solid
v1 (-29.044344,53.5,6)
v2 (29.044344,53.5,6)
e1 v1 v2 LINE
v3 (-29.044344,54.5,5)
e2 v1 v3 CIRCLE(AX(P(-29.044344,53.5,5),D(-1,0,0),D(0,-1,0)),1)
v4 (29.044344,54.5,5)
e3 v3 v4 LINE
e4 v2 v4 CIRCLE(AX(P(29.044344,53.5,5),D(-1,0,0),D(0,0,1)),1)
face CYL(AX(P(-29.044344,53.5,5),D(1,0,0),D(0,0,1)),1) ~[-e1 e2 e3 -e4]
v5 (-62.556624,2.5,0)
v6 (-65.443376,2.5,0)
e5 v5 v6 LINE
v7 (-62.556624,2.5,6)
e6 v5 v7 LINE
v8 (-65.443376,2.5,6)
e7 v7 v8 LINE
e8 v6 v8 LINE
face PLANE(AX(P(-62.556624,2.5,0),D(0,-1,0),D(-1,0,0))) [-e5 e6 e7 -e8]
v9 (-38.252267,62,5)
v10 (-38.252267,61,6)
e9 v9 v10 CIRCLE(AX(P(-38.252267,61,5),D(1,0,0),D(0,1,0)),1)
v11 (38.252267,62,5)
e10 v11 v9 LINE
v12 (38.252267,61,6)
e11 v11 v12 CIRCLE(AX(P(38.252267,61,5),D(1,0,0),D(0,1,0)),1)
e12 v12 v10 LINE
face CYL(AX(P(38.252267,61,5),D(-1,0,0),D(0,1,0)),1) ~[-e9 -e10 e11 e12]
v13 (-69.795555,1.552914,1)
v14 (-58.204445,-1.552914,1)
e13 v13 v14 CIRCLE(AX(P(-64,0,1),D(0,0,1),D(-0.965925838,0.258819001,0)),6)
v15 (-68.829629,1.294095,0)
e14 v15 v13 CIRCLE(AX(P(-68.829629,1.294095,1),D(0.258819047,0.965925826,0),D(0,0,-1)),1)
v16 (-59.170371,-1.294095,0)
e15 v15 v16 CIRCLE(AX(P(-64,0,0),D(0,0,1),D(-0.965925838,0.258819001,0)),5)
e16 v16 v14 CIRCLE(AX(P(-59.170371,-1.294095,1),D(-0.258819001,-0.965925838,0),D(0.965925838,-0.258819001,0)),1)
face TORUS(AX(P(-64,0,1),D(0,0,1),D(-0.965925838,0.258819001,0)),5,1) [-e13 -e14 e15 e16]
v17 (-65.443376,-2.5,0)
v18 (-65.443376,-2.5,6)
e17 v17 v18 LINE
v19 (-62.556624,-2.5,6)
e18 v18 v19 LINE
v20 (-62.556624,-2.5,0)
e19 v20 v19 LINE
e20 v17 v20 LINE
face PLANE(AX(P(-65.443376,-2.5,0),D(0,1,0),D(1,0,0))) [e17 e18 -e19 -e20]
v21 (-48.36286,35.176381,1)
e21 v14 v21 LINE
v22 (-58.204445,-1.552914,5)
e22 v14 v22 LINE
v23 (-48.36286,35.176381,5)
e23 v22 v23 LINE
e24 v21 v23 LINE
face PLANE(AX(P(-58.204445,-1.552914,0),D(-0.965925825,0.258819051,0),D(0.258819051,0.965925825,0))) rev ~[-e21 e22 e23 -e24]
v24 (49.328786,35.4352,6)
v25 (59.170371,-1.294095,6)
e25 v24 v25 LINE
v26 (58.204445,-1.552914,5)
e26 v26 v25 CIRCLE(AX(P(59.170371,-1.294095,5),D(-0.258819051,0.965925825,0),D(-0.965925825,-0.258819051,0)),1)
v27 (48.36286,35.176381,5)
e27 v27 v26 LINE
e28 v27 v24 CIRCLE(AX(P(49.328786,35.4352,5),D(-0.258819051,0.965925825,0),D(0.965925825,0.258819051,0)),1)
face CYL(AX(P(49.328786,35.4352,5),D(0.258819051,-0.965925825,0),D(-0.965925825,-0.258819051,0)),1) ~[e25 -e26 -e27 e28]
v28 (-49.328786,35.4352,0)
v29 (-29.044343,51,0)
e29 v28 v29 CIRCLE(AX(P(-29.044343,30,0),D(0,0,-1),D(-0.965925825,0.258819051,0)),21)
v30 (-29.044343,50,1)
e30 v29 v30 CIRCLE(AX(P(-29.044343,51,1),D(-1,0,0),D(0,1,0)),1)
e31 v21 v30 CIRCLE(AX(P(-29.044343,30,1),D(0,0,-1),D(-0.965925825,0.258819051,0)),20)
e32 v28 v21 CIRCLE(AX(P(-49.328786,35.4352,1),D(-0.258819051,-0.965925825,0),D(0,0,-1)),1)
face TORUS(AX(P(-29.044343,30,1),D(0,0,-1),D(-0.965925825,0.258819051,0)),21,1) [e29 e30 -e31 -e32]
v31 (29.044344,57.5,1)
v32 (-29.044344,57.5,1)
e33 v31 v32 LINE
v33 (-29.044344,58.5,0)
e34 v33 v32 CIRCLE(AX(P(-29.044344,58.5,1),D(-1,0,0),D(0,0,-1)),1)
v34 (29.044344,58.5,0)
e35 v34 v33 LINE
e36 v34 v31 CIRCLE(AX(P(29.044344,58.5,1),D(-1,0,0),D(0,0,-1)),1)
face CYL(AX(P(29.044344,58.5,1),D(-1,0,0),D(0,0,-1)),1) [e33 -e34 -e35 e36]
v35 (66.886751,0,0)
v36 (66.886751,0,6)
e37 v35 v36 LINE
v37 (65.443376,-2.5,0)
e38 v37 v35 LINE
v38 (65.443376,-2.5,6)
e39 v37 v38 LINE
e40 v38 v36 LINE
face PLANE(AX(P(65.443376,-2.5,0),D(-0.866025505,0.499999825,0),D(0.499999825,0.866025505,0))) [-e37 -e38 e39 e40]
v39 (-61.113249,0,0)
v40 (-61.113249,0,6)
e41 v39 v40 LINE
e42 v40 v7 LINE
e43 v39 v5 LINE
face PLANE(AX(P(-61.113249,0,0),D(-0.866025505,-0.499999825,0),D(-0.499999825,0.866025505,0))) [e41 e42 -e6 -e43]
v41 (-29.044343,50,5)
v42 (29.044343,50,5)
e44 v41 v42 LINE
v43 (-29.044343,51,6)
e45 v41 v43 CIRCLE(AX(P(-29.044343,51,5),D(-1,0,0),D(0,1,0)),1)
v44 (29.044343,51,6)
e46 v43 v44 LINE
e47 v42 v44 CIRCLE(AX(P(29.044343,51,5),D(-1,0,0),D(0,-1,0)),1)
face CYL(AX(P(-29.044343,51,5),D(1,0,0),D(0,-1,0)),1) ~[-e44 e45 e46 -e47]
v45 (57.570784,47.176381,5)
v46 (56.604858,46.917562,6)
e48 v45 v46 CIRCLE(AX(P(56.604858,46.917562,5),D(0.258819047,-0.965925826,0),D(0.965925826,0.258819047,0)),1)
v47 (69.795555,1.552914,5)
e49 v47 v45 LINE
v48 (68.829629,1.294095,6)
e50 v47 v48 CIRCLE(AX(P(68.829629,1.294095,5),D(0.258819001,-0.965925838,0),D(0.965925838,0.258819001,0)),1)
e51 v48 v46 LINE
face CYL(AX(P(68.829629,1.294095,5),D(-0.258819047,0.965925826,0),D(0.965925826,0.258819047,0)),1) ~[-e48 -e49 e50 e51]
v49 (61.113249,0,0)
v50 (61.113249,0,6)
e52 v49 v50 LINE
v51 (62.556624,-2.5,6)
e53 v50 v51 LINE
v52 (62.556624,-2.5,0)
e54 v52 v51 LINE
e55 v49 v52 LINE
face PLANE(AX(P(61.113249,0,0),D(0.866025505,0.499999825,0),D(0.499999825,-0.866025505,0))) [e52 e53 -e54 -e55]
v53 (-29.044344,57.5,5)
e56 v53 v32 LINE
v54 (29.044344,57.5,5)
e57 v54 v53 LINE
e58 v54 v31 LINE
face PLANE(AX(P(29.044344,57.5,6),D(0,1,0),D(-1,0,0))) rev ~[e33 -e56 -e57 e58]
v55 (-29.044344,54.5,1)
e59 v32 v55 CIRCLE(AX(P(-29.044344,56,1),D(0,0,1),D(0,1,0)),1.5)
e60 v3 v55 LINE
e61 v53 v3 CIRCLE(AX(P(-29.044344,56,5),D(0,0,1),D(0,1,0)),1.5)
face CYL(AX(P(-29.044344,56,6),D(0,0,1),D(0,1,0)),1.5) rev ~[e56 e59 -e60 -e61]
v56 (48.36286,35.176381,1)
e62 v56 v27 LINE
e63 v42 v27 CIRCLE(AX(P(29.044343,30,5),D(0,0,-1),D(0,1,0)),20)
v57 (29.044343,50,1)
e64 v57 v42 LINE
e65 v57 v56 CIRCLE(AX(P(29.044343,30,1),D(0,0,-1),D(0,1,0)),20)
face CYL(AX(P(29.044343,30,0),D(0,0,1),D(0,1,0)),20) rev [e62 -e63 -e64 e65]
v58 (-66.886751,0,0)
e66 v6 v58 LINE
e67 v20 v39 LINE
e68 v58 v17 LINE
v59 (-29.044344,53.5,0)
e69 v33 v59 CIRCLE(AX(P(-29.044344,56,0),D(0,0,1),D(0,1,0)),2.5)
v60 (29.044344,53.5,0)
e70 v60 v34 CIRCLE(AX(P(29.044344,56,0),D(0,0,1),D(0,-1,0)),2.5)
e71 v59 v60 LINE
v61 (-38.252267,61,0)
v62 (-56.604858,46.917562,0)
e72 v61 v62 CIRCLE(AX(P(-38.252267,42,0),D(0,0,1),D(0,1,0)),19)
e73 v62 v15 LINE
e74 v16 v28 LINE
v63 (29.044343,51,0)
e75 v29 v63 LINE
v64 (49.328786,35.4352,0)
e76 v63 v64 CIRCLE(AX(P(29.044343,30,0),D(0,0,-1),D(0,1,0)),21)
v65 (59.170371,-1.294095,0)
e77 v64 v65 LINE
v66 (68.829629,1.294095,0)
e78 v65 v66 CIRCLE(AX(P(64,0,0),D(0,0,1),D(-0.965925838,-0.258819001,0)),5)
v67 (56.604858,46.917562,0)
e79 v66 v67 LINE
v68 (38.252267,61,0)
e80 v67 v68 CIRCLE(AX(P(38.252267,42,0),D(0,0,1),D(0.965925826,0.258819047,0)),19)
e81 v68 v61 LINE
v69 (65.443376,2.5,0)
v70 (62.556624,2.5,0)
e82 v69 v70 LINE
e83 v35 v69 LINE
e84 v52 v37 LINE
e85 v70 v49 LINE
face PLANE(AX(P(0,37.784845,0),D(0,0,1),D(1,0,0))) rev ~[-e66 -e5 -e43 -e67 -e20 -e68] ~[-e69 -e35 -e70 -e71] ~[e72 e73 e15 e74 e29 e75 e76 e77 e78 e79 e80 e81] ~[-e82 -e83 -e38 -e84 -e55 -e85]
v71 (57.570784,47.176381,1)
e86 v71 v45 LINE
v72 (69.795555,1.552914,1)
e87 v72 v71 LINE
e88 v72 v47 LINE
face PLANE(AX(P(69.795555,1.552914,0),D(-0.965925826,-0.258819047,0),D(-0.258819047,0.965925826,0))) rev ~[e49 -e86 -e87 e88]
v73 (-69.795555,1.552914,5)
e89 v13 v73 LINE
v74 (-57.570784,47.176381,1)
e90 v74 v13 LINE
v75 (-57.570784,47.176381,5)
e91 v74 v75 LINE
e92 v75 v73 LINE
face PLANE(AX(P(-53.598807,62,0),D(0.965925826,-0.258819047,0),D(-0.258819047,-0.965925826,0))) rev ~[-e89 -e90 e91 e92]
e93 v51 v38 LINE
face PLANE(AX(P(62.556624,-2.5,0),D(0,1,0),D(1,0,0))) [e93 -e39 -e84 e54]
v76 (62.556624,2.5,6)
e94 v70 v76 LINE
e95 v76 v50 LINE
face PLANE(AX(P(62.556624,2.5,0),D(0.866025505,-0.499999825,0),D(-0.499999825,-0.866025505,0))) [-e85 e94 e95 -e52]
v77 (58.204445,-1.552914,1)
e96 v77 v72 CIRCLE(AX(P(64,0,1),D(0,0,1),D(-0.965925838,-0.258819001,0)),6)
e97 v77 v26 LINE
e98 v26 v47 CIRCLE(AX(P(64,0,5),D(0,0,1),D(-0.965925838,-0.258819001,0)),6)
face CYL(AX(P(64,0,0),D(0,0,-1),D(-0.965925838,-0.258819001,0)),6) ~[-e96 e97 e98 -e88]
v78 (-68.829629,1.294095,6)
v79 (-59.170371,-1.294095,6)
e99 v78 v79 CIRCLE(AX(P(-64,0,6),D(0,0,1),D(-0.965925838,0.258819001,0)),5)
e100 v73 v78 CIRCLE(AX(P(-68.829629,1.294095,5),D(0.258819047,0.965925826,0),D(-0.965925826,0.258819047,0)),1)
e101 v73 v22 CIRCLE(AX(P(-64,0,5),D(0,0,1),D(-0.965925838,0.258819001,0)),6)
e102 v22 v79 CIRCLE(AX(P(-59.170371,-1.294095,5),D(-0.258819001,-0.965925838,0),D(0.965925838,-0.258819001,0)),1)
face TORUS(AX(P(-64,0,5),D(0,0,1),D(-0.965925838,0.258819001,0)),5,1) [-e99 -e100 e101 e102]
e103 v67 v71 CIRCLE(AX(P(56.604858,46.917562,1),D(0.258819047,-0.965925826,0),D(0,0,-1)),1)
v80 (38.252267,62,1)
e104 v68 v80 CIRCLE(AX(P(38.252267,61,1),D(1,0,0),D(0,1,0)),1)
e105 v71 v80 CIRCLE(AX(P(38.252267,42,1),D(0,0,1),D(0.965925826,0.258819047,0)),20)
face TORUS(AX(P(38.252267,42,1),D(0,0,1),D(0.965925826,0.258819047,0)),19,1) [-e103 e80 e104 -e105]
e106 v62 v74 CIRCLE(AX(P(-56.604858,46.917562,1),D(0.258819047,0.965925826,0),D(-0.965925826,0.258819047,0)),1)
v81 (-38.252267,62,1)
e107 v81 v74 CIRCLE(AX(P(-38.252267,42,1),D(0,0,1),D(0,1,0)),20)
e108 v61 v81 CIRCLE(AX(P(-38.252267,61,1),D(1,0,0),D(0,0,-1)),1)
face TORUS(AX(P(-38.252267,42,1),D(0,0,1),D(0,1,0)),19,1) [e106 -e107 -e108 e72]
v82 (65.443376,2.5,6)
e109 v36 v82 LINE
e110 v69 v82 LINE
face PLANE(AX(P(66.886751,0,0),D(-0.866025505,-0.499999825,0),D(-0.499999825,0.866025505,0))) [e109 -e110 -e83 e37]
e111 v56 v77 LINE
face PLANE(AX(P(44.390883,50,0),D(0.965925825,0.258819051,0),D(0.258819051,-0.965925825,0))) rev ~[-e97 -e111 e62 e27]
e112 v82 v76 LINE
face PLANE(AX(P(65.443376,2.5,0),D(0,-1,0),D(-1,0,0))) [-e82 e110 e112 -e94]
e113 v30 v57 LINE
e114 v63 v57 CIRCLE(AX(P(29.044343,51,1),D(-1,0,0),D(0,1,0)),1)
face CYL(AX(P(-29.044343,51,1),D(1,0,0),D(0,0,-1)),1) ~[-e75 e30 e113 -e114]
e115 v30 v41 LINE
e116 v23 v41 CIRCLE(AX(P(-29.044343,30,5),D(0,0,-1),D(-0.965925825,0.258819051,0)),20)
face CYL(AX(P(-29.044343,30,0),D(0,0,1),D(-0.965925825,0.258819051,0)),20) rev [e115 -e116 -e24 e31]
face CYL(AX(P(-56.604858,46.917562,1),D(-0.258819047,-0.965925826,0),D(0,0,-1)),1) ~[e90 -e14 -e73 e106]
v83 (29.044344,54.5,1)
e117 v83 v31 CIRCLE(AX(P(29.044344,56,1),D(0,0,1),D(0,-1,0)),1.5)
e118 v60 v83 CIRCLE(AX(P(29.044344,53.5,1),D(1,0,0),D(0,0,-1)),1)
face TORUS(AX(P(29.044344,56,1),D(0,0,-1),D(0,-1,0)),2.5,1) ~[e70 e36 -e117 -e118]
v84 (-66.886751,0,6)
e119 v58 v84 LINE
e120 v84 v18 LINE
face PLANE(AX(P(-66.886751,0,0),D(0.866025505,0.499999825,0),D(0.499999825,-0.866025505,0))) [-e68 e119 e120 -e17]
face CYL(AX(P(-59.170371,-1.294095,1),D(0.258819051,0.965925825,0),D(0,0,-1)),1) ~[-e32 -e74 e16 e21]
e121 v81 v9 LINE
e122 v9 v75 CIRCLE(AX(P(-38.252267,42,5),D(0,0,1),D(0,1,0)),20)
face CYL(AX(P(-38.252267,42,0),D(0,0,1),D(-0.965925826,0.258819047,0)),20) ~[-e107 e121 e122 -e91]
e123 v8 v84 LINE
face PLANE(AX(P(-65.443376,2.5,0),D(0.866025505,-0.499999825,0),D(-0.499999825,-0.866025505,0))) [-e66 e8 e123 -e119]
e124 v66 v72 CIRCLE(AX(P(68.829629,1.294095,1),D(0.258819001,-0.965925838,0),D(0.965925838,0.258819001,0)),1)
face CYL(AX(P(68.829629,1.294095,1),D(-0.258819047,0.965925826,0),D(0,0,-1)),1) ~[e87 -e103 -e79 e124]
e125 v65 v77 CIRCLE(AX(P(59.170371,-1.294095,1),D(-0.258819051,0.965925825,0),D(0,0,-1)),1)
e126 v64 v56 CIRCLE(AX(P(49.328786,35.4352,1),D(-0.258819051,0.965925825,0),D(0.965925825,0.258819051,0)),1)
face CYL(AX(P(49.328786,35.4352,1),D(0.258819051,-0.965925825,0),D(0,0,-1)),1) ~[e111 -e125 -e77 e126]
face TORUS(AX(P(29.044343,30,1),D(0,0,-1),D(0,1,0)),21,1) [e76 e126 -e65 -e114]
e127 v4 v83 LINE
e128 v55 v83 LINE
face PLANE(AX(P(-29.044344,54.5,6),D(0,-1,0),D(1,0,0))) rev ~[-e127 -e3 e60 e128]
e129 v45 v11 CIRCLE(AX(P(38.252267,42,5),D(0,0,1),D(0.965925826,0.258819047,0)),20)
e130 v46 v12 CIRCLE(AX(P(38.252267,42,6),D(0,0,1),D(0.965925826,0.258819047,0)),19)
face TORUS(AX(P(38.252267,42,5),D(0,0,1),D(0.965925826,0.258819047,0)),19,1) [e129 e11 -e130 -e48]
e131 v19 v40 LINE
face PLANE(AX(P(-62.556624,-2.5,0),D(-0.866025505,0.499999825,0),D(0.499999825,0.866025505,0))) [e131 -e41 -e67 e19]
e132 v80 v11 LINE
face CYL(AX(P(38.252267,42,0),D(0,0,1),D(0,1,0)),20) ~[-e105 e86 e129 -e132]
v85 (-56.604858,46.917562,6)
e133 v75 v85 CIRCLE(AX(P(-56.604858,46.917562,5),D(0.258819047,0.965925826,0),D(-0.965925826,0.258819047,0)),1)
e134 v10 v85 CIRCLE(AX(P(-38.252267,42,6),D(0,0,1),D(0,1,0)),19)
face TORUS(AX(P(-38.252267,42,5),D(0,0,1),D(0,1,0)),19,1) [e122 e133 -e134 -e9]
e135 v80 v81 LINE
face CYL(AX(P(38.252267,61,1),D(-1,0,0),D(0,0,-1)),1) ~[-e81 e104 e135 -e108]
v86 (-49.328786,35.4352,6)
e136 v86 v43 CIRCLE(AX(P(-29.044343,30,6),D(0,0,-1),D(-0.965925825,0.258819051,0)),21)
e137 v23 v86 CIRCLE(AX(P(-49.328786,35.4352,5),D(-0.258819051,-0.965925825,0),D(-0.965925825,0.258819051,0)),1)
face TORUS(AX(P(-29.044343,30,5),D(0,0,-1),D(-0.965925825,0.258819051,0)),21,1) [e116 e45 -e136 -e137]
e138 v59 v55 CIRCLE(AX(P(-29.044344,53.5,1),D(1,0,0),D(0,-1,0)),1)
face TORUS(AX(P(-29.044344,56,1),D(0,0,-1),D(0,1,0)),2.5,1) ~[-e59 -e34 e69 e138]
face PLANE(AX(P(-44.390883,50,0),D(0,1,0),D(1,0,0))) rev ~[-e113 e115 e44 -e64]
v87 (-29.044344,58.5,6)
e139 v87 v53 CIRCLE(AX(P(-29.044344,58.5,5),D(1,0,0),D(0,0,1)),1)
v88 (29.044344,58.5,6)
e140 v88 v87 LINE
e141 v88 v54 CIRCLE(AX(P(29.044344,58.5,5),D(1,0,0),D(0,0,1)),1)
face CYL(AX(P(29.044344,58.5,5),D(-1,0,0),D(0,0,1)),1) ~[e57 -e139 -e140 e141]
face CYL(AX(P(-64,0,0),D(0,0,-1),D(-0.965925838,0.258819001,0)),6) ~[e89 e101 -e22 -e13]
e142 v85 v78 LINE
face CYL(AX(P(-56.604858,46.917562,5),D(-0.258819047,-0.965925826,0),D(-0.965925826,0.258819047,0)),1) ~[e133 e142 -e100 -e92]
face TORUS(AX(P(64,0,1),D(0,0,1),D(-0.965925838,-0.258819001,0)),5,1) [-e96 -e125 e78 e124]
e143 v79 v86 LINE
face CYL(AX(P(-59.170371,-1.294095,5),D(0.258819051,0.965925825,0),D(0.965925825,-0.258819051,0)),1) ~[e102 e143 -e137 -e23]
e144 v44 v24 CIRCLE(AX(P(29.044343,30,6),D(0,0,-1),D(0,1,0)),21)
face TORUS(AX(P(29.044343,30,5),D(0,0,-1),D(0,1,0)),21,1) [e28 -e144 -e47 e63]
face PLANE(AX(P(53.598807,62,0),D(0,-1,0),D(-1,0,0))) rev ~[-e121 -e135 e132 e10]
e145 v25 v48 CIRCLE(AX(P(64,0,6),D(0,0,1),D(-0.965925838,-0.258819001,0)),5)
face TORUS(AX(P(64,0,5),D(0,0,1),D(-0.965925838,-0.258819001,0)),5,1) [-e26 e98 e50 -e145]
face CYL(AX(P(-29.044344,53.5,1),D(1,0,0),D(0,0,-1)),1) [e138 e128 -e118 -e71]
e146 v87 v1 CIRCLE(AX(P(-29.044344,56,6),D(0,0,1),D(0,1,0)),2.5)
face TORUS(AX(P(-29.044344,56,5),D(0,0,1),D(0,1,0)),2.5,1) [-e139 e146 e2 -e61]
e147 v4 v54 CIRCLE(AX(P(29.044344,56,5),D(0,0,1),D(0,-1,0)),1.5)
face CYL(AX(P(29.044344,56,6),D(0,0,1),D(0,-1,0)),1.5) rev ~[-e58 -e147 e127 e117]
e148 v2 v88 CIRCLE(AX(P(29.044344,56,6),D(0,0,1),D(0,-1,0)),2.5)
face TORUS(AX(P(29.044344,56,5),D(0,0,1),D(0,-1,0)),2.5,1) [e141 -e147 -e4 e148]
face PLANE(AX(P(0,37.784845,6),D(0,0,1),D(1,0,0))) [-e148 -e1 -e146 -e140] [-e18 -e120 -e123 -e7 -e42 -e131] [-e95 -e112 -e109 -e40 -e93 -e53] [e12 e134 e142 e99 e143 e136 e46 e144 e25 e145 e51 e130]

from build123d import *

# Parameters (mm, degrees)
PAD_DEPTH    = 6
FILLET_R     = 20
POCKET_DEPTH = 6
FILLET001_R  = 1
FILLET002_R  = 1


with BuildPart() as part:
    # Sketch → Pad (new body)
    with BuildSketch(Plane.XY):
        with BuildLine():
            ThreePointArc((-69.795555, 1.552914), (-65.552914, -5.795555), (-58.204445, -1.552914))
            Line((-58.204445, -1.552914), (-44.390883, 50))
            Line((-44.390883, 50), (44.390883, 50))
            Line((44.390883, 50), (58.204445, -1.552914))
            ThreePointArc((58.204445, -1.552914), (65.552914, -5.795555), (69.795555, 1.552914))
            Line((69.795555, 1.552914), (53.598807, 62))
            Line((53.598807, 62), (-53.598807, 62))
            Line((-53.598807, 62), (-69.795555, 1.552914))
        make_face()
        Polygon((-62.556624, 2.5), (-65.443376, 2.5), (-66.886751, 0), (-65.443376, -2.5), (-62.556624, -2.5), (-61.113249, 0), align=None, mode=Mode.SUBTRACT)
        Polygon((65.443376, 2.5), (62.556624, 2.5), (61.113249, 0), (62.556624, -2.5), (65.443376, -2.5), (66.886751, 0), align=None, mode=Mode.SUBTRACT)
    extrude(amount=PAD_DEPTH)

    # Fillet
    fillet_edges = [part.edges().sort_by_distance(p)[0] for p in [
        (-53.598807, 62, 3),
        (53.598807, 62, 3),
        (-44.390883, 50, 3),
        (44.390883, 50, 3),
    ]]
    fillet(fillet_edges, radius=FILLET_R)

    # Sketch001 (on Face5 of Fillet) → Pocket (cut)
    with BuildSketch(Plane.XY.offset(6)):
        with BuildLine():
            ThreePointArc((-29.044344, 57.5), (-30.544344, 56), (-29.044344, 54.5))
            Line((-29.044344, 54.5), (29.044344, 54.5))
            ThreePointArc((29.044344, 54.5), (30.544344, 56), (29.044344, 57.5))
            Line((29.044344, 57.5), (-29.044344, 57.5))
        make_face()
    extrude(amount=-POCKET_DEPTH, mode=Mode.SUBTRACT)

    # Fillet001
    fillet001_edges = [part.edges().sort_by_distance(p)[0] for p in [
        (0, 57.5, 6),
        (0, 57.5, 0),
    ]]
    fillet(fillet001_edges, radius=FILLET001_R)

    # Fillet002
    fillet002_edges = [part.edges().sort_by_distance(p)[0] for p in [
        (-41.219572, 45.867067, 6),
        (41.219572, 45.867067, 0),
    ]]
    fillet(fillet002_edges, radius=FILLET002_R)


solid = part.part
